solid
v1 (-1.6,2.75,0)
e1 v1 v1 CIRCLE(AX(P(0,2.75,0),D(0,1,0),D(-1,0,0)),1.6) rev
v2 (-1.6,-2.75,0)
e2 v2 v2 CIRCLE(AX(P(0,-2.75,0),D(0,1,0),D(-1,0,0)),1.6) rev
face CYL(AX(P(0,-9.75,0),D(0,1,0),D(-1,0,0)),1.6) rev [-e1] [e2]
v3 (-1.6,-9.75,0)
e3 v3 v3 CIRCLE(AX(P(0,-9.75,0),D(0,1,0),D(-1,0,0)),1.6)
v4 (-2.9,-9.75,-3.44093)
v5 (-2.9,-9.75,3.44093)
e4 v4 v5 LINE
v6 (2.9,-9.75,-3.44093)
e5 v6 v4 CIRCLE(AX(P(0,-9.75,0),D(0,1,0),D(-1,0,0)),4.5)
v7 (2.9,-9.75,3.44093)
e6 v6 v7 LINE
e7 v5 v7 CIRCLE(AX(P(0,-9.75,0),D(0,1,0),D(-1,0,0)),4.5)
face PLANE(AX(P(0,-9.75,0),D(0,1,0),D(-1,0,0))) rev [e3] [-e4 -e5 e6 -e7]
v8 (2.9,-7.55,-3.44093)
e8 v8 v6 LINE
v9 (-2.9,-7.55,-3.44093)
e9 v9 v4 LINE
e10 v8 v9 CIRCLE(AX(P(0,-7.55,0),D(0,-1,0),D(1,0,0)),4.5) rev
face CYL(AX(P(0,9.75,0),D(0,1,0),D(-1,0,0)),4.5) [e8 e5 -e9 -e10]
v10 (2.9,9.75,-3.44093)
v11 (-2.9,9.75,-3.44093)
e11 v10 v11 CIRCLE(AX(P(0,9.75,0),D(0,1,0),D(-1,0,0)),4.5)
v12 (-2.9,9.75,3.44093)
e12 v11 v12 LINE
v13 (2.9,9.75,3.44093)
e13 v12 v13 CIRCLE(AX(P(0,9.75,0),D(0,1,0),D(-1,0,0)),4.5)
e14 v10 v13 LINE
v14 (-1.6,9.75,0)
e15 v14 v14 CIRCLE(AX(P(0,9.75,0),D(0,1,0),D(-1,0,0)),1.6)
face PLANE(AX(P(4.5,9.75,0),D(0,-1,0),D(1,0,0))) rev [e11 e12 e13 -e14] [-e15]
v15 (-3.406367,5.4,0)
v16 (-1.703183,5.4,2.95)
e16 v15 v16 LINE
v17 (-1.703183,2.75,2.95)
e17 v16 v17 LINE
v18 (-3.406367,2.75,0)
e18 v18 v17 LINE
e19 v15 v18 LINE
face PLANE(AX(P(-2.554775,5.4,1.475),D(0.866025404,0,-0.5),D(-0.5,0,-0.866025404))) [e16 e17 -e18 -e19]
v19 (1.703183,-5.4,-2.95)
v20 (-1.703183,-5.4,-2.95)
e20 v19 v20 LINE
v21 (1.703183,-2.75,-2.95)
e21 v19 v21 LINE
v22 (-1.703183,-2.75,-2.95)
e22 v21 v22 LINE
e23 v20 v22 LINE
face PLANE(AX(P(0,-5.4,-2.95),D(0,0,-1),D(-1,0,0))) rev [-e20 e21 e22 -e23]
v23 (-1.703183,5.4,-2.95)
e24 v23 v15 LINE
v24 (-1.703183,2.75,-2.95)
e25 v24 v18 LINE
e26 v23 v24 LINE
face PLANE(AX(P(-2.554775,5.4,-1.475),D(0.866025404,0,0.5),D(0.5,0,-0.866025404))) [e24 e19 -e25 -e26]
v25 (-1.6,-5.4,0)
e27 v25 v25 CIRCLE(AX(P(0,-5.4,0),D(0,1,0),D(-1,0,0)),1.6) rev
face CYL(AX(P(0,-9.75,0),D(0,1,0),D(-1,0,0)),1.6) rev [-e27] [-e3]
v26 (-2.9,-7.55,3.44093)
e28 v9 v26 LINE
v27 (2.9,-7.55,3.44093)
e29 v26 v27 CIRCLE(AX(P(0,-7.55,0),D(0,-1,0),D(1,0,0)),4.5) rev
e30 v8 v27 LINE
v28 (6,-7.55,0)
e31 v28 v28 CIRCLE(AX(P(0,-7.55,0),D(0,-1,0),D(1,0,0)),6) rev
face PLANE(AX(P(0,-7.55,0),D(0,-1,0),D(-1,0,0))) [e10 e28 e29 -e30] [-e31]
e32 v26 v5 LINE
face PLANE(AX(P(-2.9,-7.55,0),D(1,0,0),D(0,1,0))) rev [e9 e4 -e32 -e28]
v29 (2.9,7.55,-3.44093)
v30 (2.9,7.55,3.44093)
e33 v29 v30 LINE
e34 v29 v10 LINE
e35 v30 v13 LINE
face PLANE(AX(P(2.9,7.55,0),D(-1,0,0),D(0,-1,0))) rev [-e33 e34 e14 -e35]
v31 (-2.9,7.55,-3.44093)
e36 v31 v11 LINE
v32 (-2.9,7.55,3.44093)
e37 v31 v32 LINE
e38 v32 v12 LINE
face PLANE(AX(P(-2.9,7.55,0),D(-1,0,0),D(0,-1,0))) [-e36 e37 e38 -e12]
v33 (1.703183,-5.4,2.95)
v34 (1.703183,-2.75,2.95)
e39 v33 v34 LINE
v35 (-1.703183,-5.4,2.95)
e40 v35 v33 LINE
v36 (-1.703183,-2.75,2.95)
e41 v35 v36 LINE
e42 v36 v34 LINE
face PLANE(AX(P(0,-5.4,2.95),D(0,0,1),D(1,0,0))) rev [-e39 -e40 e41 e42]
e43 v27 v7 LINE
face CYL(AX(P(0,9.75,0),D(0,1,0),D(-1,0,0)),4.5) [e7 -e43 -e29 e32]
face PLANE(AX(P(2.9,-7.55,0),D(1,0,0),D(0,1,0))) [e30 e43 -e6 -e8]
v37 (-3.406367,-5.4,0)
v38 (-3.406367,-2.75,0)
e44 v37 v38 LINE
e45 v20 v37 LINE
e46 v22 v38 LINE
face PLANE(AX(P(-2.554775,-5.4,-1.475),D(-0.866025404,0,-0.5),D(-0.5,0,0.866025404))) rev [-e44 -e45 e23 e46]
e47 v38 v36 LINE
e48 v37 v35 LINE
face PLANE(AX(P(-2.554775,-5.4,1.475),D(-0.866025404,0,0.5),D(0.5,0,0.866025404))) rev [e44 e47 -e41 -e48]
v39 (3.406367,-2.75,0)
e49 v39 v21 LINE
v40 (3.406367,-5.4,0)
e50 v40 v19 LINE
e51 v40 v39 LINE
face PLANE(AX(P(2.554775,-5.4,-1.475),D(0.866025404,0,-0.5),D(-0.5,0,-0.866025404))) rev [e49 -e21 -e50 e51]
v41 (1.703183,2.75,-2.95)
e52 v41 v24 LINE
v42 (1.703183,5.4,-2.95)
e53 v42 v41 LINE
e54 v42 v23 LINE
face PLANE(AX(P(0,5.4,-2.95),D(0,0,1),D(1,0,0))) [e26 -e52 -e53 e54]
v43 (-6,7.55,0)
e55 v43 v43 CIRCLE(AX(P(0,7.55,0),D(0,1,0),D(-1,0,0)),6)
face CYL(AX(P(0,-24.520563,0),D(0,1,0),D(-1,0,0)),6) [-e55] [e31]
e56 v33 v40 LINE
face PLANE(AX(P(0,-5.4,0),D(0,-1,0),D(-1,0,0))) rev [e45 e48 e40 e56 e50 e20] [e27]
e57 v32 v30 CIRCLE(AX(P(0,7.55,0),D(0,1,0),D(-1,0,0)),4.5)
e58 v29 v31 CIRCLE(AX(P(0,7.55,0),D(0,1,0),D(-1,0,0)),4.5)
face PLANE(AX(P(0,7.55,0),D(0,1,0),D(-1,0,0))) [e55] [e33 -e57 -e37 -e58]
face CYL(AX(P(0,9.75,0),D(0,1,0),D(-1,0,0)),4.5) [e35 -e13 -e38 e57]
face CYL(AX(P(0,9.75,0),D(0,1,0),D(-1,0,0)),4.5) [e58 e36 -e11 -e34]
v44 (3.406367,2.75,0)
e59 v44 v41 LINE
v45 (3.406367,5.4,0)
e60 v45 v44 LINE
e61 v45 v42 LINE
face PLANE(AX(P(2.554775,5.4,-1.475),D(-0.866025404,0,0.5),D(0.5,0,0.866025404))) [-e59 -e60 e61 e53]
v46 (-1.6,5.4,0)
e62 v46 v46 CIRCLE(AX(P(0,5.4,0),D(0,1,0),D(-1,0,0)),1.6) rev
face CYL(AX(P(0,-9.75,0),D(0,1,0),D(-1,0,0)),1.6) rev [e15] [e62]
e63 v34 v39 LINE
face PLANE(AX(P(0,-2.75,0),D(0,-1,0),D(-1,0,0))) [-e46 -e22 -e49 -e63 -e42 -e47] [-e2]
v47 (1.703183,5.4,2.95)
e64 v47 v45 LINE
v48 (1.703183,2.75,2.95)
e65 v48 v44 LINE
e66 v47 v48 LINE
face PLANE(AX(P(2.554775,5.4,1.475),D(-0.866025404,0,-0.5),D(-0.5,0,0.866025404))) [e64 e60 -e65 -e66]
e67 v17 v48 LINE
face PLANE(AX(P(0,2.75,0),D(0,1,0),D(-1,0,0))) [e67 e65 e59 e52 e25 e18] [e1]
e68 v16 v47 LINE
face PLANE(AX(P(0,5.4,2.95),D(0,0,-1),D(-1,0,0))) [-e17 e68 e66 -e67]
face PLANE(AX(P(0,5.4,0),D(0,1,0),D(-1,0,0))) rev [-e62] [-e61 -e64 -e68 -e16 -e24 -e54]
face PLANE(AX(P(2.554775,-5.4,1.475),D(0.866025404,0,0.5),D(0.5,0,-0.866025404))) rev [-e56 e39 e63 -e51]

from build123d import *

# Parameters (mm, degrees)
SKETCH1_W           = 4.5
SKETCH1_H           = 19.5
CUT_EXTRUDE1_DEPTH  = 2.2
SKETCH5_R           = 1.6
CUT_EXTRUDE2_DEPTH  = 21.512191497
CUT_EXTRUDE3_START  = -7
CUT_EXTRUDE3_DEPTH  = 2.65
BOSS_EXTRUDE1_START = -2.2
SKETCH2_3_R         = 6
SKETCH2_3_R_2       = 4.5
BOSS_EXTRUDE1_DEPTH = 15.1


with BuildPart() as part:
    # Sketch1 → Revolve1 (revolve)
    with BuildSketch(Plane.XY, mode=Mode.PRIVATE) as revolve1_sk:
        with Locations((2.25, 0)):
            Rectangle(SKETCH1_W, SKETCH1_H)
    revolve(revolve1_sk.sketch.rotate(Axis((0, 9.75, 0), (0, -1, 0)), 180), axis=Axis((0, 9.75, 0), (0, -1, 0)))

    # Sketch2 → Cut-Extrude1 (cut)
    with BuildSketch(Plane(origin=(0, 9.75, 0), x_dir=(1, 0, 0), z_dir=(0, 1, 0))):
        with BuildLine():
            Line((-2.9, -3.440930107), (-2.9, 3.440930107))
            ThreePointArc((-2.9, 3.440930107), (-4.5, 0), (-2.9, -3.440930107))
        make_face()
        with BuildLine():
            ThreePointArc((4.5, 0), (4.080441153, 1.897366596), (2.9, 3.440930107))
            Line((2.9, 3.440930107), (2.9, -3.440930107))
            ThreePointArc((2.9, -3.440930107), (4.080441153, -1.897366596), (4.5, 0))
        make_face()
    cut_extrude1 = extrude(amount=-CUT_EXTRUDE1_DEPTH, mode=Mode.SUBTRACT)

    # Sketch5 → Cut-Extrude2 (cut, through all)
    with BuildSketch(Plane(origin=(0, 9.75, 0), x_dir=(1, 0, 0), z_dir=(0, 1, 0))):
        with Locations(Location((0, 0, 0), (0, 0, 180))):
            Circle(SKETCH5_R)
    cut_extrude2 = extrude(amount=-CUT_EXTRUDE2_DEPTH, mode=Mode.SUBTRACT)

    # Sketch6 → Cut-Extrude3 (cut)
    with BuildSketch(Plane(origin=(0, 9.75, 0), x_dir=(1, 0, 0), z_dir=(0, 1, 0)).offset(CUT_EXTRUDE3_START)):
        Polygon((3.406366588, 0), (1.703183294, 2.95), (-1.703183294, 2.95), (-1.703183294, -2.95), (1.703183294, -2.95), align=None)
        Polygon((-1.703183294, -2.95), (-1.703183294, 2.95), (-3.406366588, 0), align=None)
    cut_extrude3 = extrude(amount=CUT_EXTRUDE3_DEPTH, mode=Mode.SUBTRACT)

    # Mirror2: Cut-Extrude1, Cut-Extrude2, Cut-Extrude3 across plane
    add(cut_extrude1.mirror(Plane.ZX), mode=Mode.SUBTRACT)
    add(cut_extrude2.mirror(Plane.ZX), mode=Mode.SUBTRACT)
    add(cut_extrude3.mirror(Plane.ZX), mode=Mode.SUBTRACT)

    # Sketch2<3> → Boss-Extrude1 (add)
    with BuildSketch(Plane(origin=(0, 9.75, 0), x_dir=(1, 0, 0), z_dir=(0, 1, 0)).offset(BOSS_EXTRUDE1_START)):
        with Locations(Location((0, 0, 0), (0, 0, 180))):
            Circle(SKETCH2_3_R)
        Circle(SKETCH2_3_R_2, mode=Mode.SUBTRACT)
    extrude(amount=-BOSS_EXTRUDE1_DEPTH)


solid = part.part
